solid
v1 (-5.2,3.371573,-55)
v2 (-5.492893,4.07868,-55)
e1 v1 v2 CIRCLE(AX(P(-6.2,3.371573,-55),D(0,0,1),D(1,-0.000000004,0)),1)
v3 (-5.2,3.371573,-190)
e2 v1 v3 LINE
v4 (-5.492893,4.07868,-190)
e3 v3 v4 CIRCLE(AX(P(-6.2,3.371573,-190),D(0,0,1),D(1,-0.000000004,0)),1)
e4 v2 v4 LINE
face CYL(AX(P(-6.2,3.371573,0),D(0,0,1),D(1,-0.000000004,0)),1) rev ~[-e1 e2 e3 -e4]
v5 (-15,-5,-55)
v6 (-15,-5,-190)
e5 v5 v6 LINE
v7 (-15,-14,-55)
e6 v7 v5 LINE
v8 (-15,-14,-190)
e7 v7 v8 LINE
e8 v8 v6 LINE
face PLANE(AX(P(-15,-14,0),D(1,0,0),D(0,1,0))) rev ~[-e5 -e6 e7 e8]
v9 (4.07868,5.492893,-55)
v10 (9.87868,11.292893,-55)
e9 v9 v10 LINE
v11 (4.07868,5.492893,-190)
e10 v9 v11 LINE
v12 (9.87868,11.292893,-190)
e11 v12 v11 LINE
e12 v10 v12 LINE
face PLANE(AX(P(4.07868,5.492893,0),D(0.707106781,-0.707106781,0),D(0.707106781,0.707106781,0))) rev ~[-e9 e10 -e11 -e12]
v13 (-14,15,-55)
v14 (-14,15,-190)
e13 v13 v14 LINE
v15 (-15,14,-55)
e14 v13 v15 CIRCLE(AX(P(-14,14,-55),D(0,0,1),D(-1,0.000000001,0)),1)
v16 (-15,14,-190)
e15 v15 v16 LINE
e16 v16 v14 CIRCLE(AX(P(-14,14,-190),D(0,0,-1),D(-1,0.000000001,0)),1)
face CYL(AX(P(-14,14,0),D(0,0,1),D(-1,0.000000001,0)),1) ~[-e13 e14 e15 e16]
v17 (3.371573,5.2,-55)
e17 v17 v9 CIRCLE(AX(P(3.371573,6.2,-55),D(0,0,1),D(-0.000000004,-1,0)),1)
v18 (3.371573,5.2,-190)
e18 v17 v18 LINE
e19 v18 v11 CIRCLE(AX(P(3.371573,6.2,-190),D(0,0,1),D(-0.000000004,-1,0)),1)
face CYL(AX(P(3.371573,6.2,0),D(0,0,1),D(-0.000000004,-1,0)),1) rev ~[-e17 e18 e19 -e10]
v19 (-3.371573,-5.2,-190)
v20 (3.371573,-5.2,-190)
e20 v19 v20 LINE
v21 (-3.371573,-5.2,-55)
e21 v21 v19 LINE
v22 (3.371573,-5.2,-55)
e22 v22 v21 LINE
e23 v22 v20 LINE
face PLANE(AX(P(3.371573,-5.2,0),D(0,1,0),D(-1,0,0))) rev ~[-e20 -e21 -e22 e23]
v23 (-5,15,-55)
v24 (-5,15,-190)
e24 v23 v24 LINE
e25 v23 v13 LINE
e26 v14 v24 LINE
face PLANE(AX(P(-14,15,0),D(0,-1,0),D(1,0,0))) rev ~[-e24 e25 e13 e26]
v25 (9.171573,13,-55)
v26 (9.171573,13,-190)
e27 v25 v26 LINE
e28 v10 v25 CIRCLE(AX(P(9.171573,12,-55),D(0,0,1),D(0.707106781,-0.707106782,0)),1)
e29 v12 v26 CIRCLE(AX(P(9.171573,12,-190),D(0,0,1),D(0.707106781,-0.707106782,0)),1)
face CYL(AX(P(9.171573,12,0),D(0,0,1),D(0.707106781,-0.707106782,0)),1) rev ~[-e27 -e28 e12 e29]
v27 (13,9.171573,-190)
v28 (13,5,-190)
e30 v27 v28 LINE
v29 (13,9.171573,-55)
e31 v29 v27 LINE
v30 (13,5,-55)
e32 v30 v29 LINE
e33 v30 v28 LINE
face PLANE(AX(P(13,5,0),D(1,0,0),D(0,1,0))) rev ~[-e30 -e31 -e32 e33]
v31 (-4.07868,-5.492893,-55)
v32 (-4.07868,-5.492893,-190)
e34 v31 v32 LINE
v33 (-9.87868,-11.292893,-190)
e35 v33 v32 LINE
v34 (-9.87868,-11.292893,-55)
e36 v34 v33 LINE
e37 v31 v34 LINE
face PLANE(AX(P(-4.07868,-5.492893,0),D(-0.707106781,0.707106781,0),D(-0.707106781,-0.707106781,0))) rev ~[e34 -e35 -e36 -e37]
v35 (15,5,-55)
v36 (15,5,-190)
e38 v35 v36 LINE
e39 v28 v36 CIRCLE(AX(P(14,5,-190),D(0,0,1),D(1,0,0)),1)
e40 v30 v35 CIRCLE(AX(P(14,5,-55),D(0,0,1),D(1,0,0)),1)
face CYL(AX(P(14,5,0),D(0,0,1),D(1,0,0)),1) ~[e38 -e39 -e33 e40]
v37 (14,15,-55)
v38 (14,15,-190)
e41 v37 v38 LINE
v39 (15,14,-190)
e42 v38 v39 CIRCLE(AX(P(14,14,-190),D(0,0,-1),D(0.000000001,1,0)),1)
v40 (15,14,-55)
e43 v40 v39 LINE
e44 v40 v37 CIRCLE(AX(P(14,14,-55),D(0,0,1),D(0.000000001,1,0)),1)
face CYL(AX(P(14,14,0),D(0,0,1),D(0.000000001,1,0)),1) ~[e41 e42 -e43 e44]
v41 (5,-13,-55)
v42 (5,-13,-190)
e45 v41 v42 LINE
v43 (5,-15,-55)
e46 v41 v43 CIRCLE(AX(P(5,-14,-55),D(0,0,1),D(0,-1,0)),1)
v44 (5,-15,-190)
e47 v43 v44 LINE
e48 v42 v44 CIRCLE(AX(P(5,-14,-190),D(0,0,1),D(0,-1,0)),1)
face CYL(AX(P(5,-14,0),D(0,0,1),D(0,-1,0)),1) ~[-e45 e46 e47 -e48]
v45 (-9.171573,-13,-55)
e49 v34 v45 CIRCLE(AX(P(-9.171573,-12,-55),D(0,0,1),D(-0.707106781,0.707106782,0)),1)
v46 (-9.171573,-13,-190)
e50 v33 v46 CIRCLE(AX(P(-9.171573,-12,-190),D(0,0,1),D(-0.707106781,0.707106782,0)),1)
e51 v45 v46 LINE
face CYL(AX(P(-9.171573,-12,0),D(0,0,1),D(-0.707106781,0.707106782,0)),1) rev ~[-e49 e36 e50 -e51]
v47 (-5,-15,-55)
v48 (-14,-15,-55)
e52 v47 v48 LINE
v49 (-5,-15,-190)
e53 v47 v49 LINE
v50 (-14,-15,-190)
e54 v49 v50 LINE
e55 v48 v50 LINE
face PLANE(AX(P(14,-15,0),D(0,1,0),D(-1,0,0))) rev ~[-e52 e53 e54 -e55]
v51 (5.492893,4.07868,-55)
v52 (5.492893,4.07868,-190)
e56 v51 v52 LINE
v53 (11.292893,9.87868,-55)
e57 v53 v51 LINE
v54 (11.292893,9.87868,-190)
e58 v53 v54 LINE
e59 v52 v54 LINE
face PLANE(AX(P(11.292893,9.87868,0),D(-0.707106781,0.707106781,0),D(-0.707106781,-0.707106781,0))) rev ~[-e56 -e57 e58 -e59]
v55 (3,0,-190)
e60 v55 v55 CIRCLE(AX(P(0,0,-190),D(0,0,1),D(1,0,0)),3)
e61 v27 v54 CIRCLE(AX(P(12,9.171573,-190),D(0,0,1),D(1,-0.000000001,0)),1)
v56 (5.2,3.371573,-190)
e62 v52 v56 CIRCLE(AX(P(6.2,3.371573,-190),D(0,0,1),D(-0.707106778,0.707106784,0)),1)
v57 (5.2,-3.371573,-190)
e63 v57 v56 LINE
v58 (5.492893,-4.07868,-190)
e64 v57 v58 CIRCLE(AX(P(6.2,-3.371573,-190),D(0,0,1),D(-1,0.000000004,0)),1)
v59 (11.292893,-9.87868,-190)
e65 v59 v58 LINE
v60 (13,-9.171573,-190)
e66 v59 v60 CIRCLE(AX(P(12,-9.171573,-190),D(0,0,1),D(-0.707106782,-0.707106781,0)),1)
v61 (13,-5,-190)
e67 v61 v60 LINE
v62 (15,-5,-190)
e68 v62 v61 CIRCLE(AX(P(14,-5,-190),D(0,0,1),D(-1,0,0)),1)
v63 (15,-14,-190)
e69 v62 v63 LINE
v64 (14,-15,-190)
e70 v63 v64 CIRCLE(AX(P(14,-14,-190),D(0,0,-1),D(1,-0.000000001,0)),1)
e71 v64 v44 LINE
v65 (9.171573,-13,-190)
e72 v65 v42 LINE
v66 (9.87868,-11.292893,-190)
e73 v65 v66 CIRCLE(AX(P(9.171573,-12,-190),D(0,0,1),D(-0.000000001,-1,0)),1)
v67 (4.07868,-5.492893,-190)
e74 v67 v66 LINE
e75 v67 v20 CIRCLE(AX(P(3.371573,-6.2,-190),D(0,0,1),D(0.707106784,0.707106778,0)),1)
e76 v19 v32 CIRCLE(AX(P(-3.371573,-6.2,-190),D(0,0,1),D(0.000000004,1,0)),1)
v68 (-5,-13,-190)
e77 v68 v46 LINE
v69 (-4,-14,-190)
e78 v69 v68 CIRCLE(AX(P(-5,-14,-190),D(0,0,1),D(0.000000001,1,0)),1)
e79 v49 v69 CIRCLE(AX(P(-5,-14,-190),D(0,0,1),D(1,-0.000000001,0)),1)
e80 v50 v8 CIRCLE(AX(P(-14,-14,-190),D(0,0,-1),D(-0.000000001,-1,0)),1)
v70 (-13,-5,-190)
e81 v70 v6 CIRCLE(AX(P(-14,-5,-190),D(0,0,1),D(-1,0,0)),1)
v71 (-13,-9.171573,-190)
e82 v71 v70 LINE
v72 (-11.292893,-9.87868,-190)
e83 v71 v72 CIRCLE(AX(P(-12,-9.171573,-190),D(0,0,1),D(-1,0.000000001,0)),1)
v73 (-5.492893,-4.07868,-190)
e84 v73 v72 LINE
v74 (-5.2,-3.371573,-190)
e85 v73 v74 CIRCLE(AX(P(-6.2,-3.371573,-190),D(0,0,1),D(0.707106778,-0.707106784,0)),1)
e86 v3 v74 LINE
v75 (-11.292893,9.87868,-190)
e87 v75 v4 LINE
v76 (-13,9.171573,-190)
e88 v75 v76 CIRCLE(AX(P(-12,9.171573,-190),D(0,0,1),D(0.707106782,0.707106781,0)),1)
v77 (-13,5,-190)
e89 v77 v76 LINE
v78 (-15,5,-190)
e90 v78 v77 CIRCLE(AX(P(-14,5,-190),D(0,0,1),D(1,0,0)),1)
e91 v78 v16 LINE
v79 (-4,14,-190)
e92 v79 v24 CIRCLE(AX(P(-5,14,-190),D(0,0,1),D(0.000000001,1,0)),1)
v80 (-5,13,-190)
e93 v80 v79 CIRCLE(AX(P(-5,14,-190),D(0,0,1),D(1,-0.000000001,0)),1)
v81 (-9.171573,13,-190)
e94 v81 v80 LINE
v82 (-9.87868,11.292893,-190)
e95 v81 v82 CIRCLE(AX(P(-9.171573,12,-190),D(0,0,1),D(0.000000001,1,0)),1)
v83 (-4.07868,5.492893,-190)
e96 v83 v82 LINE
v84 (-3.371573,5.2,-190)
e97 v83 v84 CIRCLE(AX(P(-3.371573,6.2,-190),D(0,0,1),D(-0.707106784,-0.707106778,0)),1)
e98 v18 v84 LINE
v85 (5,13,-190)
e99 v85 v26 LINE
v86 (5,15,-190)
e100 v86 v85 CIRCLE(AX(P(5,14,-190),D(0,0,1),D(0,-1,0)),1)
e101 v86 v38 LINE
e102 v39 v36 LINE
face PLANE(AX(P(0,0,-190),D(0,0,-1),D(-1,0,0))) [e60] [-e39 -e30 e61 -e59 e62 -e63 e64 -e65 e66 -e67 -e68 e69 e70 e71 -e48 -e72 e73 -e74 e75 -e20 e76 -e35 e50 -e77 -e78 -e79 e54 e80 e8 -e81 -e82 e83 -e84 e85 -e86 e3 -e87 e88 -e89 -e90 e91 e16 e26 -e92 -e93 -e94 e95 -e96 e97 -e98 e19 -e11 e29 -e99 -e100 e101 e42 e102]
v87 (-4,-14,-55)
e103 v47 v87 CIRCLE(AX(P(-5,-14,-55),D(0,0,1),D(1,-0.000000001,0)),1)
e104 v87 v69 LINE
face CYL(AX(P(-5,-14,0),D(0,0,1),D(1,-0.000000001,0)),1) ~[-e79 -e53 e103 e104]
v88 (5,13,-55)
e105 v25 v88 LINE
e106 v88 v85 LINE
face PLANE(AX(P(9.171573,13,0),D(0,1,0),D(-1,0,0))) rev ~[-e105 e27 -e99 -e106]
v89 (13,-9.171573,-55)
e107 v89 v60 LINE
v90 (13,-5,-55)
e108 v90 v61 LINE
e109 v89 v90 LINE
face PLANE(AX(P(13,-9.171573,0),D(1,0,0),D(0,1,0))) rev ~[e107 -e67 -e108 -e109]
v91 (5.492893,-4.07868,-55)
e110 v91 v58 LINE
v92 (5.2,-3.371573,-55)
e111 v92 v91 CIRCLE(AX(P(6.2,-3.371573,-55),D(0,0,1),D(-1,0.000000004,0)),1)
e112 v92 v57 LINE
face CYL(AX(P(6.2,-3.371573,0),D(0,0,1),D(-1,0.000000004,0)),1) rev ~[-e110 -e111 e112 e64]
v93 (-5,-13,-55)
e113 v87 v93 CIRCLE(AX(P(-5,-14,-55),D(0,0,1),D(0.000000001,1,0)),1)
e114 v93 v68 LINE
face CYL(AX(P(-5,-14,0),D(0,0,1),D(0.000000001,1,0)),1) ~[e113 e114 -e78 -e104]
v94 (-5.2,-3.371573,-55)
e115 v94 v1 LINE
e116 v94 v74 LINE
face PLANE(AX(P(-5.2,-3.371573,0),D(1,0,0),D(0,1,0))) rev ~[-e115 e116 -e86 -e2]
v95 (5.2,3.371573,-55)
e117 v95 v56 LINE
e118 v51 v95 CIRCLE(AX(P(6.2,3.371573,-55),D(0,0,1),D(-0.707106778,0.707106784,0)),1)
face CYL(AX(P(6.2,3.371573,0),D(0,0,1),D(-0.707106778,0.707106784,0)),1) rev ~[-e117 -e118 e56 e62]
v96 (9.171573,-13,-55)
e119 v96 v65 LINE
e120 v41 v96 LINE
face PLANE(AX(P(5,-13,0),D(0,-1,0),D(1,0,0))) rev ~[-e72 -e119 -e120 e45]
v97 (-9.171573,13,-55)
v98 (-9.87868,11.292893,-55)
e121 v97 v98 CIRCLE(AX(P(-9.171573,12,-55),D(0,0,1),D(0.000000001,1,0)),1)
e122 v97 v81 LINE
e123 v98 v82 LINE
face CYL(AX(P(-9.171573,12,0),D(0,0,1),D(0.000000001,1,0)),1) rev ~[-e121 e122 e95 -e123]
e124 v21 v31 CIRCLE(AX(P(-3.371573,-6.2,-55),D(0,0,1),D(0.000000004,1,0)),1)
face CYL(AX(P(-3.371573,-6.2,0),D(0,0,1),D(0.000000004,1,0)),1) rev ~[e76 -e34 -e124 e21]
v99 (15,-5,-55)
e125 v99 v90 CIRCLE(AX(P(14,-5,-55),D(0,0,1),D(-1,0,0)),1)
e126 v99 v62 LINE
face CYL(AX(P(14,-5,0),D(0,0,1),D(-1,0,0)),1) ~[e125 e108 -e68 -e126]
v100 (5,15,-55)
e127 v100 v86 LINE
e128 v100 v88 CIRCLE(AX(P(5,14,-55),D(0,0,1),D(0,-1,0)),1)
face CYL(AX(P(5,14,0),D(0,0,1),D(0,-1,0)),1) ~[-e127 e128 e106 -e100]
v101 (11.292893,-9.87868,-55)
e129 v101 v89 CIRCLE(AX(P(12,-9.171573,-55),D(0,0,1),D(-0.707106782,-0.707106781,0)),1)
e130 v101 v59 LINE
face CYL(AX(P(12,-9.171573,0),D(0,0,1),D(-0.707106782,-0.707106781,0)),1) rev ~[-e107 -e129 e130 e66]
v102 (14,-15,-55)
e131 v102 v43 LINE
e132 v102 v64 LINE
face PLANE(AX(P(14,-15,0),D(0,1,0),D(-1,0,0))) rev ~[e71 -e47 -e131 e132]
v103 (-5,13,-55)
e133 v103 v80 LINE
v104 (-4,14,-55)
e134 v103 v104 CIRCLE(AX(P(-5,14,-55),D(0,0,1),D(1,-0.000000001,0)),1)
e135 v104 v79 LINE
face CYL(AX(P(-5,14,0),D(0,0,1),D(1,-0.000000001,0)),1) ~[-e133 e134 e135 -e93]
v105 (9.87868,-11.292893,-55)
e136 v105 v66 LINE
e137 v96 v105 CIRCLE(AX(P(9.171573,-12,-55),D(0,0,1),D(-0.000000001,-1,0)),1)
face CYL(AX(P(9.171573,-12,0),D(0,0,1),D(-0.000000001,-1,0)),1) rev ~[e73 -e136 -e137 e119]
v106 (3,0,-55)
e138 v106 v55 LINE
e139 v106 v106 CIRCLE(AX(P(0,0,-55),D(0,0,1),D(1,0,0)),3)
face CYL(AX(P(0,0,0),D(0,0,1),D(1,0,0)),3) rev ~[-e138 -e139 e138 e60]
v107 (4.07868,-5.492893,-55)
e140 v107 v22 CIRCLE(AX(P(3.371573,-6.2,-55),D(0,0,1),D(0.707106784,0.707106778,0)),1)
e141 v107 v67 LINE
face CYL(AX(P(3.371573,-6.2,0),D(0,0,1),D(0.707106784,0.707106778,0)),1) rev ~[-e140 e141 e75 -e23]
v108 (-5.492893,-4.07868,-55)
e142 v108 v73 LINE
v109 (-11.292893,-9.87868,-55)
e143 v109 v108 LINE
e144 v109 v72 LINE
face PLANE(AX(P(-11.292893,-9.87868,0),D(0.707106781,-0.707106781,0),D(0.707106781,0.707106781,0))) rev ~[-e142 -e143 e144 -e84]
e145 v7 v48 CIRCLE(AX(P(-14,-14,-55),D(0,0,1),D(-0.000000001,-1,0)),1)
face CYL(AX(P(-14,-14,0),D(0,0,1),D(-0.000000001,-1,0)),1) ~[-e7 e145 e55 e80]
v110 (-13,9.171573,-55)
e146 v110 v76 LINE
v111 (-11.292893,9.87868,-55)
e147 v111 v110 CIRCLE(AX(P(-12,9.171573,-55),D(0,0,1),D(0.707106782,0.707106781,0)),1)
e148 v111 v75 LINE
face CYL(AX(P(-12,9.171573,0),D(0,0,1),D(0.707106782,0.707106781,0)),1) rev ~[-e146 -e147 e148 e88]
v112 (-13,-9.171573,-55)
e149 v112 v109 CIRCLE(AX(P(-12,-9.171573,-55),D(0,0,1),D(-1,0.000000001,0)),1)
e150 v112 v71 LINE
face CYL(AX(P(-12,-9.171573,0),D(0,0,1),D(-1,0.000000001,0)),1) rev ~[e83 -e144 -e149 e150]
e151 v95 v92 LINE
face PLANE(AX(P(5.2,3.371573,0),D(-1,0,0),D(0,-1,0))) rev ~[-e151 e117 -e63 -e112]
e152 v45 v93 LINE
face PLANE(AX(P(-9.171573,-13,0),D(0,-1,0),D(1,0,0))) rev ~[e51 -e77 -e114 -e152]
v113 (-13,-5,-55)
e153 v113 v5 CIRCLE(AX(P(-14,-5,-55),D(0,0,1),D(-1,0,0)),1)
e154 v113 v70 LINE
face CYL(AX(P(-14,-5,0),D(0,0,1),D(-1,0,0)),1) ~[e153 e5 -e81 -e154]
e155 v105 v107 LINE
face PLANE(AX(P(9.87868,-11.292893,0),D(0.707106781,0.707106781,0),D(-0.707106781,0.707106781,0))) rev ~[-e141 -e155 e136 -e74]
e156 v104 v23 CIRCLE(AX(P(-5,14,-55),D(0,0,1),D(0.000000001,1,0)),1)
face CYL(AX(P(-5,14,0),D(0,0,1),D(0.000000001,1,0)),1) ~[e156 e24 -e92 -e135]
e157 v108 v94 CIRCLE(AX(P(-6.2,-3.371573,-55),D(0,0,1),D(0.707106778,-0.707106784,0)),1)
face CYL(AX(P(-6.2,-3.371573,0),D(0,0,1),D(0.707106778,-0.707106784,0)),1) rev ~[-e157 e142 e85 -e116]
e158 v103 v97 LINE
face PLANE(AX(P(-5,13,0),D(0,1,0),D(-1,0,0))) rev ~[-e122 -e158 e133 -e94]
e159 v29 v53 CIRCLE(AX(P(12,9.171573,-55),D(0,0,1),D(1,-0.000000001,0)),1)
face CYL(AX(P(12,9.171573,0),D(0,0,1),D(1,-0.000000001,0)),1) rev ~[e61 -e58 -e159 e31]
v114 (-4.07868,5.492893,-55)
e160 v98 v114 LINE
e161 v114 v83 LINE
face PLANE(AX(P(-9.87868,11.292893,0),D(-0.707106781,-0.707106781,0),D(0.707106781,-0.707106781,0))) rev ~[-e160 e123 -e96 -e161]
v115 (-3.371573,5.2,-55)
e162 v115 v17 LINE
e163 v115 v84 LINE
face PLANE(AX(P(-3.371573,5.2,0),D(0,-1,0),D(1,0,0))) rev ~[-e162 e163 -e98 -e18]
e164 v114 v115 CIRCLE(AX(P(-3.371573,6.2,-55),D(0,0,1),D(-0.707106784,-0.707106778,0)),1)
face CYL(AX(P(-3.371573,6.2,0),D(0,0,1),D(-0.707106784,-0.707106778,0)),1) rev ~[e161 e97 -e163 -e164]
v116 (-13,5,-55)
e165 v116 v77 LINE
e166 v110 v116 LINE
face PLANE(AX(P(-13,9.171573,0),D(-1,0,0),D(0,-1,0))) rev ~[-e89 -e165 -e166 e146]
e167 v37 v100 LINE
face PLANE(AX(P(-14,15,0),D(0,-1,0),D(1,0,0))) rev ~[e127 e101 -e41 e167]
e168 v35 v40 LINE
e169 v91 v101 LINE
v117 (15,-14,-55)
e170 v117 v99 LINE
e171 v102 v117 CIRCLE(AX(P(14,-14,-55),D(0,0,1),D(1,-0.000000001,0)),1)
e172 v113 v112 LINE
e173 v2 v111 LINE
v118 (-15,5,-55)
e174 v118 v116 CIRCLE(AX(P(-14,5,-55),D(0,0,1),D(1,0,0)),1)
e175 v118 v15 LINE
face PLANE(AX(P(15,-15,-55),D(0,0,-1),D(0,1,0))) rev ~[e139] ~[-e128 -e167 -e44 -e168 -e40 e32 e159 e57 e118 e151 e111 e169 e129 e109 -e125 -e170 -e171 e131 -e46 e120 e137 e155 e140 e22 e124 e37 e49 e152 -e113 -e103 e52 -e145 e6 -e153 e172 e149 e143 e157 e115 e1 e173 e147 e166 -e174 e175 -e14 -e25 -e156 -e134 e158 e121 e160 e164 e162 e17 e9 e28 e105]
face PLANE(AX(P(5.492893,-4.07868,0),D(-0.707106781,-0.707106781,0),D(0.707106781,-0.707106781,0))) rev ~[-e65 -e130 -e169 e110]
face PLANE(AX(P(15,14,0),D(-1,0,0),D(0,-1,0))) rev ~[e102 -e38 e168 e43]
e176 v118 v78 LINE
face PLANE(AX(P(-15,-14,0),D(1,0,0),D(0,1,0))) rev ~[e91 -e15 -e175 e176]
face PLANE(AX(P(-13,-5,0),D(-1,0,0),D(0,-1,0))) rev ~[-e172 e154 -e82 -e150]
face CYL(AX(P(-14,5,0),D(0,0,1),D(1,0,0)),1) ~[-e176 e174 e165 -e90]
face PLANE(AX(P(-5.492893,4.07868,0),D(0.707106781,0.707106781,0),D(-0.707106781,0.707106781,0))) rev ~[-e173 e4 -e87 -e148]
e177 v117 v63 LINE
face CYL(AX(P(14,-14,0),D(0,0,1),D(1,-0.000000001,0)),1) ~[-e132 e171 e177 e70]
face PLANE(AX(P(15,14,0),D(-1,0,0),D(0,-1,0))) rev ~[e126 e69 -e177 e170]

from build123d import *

# Parameters (mm, degrees)
SALIENTE_EXTRUIR1_DEPTH = 190
CROQUIS2_R              = 3
CORTAR_EXTRUIR1_DEPTH   = 192.180542943
CORTAR_EXTRUIR3_DEPTH   = 192.180542943
CROQUIS4_W              = 33.127581221
CROQUIS4_H              = 30
CORTAR_EXTRUIR4_DEPTH   = 38
CROQUIS5_W              = 25
CROQUIS5_H              = 30
CORTAR_EXTRUIR5_DEPTH   = 30


with BuildPart() as part:
    # Croquis1 → Saliente-Extruir1 (new body)
    with BuildSketch(Plane.XY):
        with BuildLine():
            Line((-14, 15), (14, 15))
            ThreePointArc((14, 15), (14.707106781, 14.707106781), (15, 14))
            Line((15, 14), (15, -14))
            ThreePointArc((15, -14), (14.707106781, -14.707106781), (14, -15))
            Line((14, -15), (-14, -15))
            ThreePointArc((-14, -15), (-14.707106781, -14.707106781), (-15, -14))
            Line((-15, -14), (-15, 14))
            ThreePointArc((-15, 14), (-14.707106781, 14.707106781), (-14, 15))
        make_face()
    extrude(amount=-SALIENTE_EXTRUIR1_DEPTH)

    # Croquis2 → Cortar-Extruir1 (cut, through all)
    with BuildSketch(Plane.XY):
        Circle(CROQUIS2_R)
    extrude(amount=-CORTAR_EXTRUIR1_DEPTH, mode=Mode.SUBTRACT)

    # Croquis3 → Cortar-Extruir3 (cut, through all)
    with BuildSketch(Plane.XY):
        with BuildLine():
            Line((-5.492893219, 4.078679656), (-11.292893219, 9.878679656))
            ThreePointArc((-11.292893219, 9.878679656), (-12.382683432, 10.095452408), (-13, 9.171572875))
            Line((-13, 9.171572875), (-13, 5))
            ThreePointArc((-13, 5), (-14, 4), (-15, 5))
            Line((-15, 5), (-15, -5))
            ThreePointArc((-15, -5), (-14, -4), (-13, -5))
            Line((-13, -5), (-13, -9.171572875))
            ThreePointArc((-13, -9.171572875), (-12.382683432, -10.095452408), (-11.292893219, -9.878679656))
            Line((-11.292893219, -9.878679656), (-5.492893219, -4.078679656))
            ThreePointArc((-5.492893219, -4.078679656), (-5.276120467, -3.754256308), (-5.2, -3.371572875))
            Line((-5.2, -3.371572875), (-5.2, 3.371572875))
            ThreePointArc((-5.2, 3.371572875), (-5.276120467, 3.754256308), (-5.492893219, 4.078679656))
        make_face()
        with BuildLine():
            ThreePointArc((-9.171572875, 13), (-10.095452408, 12.382683432), (-9.878679656, 11.292893219))
            Line((-9.878679656, 11.292893219), (-4.078679656, 5.492893219))
            ThreePointArc((-4.078679656, 5.492893219), (-3.754256308, 5.276120467), (-3.371572875, 5.2))
            Line((-3.371572875, 5.2), (3.371572875, 5.2))
            ThreePointArc((3.371572875, 5.2), (3.754256308, 5.276120467), (4.078679656, 5.492893219))
            Line((4.078679656, 5.492893219), (9.878679656, 11.292893219))
            ThreePointArc((9.878679656, 11.292893219), (10.095452408, 12.382683432), (9.171572875, 13))
            Line((9.171572875, 13), (5, 13))
            ThreePointArc((5, 13), (4, 14), (5, 15))
            Line((5, 15), (-5, 15))
            ThreePointArc((-5, 15), (-4.292893219, 14.707106781), (-4, 14))
            ThreePointArc((-4, 14), (-4.292893219, 13.292893219), (-5, 13))
            Line((-5, 13), (-9.171572875, 13))
        make_face()
        with BuildLine():
            Line((9.878679656, -11.292893219), (4.078679656, -5.492893219))
            ThreePointArc((4.078679656, -5.492893219), (3.754256308, -5.276120467), (3.371572875, -5.2))
            Line((3.371572875, -5.2), (-3.371572875, -5.2))
            ThreePointArc((-3.371572875, -5.2), (-3.754256308, -5.276120467), (-4.078679656, -5.492893219))
            Line((-4.078679656, -5.492893219), (-9.878679656, -11.292893219))
            ThreePointArc((-9.878679656, -11.292893219), (-10.095452408, -12.382683432), (-9.171572875, -13))
            Line((-9.171572875, -13), (-5, -13))
            ThreePointArc((-5, -13), (-4.292893219, -13.292893219), (-4, -14))
            ThreePointArc((-4, -14), (-4.292893219, -14.707106781), (-5, -15))
            Line((-5, -15), (5, -15))
            ThreePointArc((5, -15), (4, -14), (5, -13))
            Line((5, -13), (9.171572875, -13))
            ThreePointArc((9.171572875, -13), (10.095452408, -12.382683432), (9.878679656, -11.292893219))
        make_face()
        with BuildLine():
            ThreePointArc((13, 9.171572875), (12.382683432, 10.095452408), (11.292893219, 9.878679656))
            Line((11.292893219, 9.878679656), (5.492893219, 4.078679656))
            ThreePointArc((5.492893219, 4.078679656), (5.276120467, 3.754256308), (5.2, 3.371572875))
            Line((5.2, 3.371572875), (5.2, -3.371572875))
            ThreePointArc((5.2, -3.371572875), (5.276120467, -3.754256308), (5.492893219, -4.078679656))
            Line((5.492893219, -4.078679656), (11.292893219, -9.878679656))
            ThreePointArc((11.292893219, -9.878679656), (12.382683432, -10.095452408), (13, -9.171572875))
            Line((13, -9.171572875), (13, -5))
            ThreePointArc((13, -5), (14, -4), (15, -5))
            Line((15, -5), (15, 5))
            ThreePointArc((15, 5), (14, 4), (13, 5))
            Line((13, 5), (13, 9.171572875))
        make_face()
    extrude(amount=-CORTAR_EXTRUIR3_DEPTH, mode=Mode.SUBTRACT)

    # Croquis4 → Cortar-Extruir4 (cut)
    with BuildSketch(Plane(origin=(0, 15, 0), x_dir=(1, 0, 0), z_dir=(0, 1, 0))):
        with Locations((-1.56379061, 15)):
            Rectangle(CROQUIS4_W, CROQUIS4_H)
    extrude(amount=-CORTAR_EXTRUIR4_DEPTH, mode=Mode.SUBTRACT)

    # Croquis5 → Cortar-Extruir5 (cut)
    with BuildSketch(Plane(origin=(15, 0, 0), x_dir=(0, 0, -1), z_dir=(1, 0, 0))):
        with Locations((42.5, 0)):
            Rectangle(CROQUIS5_W, CROQUIS5_H)
    extrude(amount=-CORTAR_EXTRUIR5_DEPTH, mode=Mode.SUBTRACT)


solid = part.part
